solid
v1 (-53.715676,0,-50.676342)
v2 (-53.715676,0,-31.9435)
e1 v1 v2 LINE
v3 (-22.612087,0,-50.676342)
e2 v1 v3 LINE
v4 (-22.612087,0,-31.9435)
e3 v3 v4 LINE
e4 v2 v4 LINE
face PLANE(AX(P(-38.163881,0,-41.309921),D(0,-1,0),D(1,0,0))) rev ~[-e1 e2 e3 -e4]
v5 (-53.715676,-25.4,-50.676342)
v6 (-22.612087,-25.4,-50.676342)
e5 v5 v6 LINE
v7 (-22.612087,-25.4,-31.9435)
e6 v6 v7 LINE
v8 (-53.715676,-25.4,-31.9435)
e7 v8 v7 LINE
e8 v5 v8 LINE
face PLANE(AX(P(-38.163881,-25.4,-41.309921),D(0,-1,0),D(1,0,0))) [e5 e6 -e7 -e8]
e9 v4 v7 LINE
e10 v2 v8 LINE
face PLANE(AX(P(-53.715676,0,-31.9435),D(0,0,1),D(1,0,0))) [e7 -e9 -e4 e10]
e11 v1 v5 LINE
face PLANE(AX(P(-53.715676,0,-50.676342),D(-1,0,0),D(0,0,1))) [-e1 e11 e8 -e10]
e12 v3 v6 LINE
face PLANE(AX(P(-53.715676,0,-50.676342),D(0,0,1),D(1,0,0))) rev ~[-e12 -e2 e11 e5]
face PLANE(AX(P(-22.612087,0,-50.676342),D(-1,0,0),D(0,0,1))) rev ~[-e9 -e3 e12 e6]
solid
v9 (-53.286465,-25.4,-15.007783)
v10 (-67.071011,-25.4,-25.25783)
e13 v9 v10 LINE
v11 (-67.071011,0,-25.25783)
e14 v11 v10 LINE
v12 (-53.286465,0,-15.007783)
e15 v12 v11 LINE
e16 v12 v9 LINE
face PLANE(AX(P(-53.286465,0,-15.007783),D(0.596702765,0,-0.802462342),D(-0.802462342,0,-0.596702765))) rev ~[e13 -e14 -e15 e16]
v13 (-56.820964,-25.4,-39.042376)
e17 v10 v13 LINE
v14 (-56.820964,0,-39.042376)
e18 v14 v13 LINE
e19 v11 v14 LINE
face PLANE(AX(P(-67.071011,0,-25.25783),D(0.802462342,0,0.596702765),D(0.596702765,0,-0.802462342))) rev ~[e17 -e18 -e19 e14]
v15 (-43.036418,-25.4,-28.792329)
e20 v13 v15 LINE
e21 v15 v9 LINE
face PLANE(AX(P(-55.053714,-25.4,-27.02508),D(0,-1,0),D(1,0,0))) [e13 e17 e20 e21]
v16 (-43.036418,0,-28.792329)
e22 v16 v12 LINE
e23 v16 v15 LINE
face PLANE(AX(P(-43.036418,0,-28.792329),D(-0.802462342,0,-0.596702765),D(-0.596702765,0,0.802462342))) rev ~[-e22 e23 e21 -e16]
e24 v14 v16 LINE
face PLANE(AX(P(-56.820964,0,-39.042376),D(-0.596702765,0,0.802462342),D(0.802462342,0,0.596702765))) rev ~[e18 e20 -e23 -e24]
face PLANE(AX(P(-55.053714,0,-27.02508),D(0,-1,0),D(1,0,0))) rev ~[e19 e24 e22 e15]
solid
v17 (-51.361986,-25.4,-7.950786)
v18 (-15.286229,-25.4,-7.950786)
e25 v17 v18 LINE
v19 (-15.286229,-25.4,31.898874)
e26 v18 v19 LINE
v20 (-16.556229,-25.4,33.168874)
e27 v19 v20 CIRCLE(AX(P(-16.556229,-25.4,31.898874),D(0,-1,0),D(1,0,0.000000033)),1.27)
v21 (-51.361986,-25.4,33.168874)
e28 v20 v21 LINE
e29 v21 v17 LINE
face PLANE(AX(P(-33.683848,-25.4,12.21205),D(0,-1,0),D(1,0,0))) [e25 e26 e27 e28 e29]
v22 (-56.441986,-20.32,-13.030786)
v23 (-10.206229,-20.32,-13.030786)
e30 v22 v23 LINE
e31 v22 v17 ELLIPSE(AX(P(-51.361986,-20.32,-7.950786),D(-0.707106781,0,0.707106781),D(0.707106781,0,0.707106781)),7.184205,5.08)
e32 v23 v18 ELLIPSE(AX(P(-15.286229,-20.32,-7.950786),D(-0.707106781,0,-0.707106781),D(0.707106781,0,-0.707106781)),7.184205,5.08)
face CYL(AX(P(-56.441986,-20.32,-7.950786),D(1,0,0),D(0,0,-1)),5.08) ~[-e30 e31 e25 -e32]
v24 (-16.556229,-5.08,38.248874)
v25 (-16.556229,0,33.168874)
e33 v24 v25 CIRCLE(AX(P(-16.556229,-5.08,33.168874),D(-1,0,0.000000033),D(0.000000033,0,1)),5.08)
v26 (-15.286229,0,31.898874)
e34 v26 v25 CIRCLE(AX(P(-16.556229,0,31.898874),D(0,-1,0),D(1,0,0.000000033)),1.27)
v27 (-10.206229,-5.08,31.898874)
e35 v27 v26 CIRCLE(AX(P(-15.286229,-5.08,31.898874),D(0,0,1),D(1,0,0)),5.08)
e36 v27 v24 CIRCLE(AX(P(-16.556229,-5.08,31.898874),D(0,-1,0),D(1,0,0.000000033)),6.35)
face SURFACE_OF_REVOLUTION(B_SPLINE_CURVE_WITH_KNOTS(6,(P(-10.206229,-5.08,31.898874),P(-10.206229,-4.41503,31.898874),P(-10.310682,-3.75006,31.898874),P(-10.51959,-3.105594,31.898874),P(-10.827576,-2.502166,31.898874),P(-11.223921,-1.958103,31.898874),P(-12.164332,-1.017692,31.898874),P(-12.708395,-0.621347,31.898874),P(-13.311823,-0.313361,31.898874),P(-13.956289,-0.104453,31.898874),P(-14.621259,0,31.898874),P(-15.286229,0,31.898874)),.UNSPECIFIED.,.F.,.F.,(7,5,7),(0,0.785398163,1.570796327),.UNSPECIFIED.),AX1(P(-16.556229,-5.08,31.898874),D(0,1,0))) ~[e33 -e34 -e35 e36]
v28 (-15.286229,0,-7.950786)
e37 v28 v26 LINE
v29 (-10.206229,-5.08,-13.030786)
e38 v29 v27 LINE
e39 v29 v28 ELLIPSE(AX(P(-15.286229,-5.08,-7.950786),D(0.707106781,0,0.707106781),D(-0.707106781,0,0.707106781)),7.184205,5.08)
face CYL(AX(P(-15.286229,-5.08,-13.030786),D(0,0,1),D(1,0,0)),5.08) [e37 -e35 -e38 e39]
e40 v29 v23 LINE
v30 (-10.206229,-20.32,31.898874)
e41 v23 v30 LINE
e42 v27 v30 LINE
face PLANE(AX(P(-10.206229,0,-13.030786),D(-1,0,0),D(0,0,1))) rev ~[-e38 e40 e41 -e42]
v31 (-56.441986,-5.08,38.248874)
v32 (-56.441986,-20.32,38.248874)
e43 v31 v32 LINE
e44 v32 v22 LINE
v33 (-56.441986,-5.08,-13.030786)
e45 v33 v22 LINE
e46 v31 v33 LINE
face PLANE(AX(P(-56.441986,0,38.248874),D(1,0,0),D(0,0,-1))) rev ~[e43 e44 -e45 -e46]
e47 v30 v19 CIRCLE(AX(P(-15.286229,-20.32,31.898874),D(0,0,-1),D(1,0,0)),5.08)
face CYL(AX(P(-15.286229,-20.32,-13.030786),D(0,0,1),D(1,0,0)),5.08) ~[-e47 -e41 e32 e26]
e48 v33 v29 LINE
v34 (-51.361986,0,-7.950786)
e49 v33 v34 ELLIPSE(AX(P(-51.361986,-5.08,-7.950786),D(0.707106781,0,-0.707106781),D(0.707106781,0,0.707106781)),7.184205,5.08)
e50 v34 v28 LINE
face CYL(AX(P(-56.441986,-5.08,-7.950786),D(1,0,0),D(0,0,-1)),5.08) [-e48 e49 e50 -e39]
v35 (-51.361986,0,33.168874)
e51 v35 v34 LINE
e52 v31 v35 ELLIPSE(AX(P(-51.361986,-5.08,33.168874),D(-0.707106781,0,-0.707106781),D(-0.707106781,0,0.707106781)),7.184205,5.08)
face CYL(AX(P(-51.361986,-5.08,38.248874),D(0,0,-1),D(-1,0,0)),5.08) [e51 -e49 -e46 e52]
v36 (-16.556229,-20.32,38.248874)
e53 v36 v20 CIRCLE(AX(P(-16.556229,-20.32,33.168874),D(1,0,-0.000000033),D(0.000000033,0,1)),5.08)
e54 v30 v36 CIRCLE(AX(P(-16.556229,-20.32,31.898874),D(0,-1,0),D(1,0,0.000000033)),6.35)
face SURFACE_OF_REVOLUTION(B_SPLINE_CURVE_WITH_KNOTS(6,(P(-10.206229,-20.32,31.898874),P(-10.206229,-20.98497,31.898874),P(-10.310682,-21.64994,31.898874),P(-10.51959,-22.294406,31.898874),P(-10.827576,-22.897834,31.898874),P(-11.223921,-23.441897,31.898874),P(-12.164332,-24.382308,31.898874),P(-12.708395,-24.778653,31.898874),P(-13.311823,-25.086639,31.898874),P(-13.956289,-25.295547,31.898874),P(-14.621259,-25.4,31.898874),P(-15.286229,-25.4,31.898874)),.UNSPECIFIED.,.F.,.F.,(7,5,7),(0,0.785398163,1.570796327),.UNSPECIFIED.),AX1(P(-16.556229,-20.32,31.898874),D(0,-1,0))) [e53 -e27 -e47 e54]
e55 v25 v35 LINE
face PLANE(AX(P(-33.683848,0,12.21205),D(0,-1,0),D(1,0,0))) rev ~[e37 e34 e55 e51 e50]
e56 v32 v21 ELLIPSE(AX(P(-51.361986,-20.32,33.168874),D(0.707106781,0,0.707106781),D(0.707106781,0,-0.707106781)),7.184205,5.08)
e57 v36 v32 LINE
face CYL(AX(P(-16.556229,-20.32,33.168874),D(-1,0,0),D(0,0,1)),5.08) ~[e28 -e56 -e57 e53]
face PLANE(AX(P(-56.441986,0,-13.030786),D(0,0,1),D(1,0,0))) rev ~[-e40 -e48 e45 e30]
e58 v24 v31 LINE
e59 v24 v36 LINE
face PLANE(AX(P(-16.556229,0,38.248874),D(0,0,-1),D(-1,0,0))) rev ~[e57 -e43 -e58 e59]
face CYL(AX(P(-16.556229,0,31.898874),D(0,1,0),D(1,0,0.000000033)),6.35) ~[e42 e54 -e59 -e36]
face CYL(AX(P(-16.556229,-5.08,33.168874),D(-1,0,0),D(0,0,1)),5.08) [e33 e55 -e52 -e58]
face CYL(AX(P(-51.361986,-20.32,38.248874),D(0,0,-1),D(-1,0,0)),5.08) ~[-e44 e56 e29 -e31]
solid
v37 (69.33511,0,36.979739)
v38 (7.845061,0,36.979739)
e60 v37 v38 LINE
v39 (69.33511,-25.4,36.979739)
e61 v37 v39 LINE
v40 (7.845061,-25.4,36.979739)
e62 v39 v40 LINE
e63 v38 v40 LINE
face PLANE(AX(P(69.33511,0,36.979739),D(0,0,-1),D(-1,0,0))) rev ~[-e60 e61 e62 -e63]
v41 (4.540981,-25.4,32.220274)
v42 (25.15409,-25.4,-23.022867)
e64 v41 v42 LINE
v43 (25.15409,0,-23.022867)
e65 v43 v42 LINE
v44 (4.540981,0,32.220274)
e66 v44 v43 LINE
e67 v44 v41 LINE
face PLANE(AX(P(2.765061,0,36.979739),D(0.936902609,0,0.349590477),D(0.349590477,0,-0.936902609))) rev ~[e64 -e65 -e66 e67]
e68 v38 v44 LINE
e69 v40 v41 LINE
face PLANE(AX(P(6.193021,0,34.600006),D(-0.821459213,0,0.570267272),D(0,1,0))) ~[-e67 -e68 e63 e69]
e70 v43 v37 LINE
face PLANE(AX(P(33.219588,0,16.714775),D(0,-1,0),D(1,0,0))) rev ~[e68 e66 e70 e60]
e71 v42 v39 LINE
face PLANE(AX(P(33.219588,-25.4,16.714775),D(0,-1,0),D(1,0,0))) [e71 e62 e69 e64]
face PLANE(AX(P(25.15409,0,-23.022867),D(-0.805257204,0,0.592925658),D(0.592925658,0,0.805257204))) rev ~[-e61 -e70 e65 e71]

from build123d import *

# Parameters (mm, degrees)
F1_DEPTH = 25.4
F2_W     = 31.103589
F2_H     = 18.732842
F3_DEPTH = 25.4
F4_R     = 5.08
F5_SIZE  = 5.08


with BuildPart() as f1:
    # F0 (on Front) → F1 (new body)
    with BuildSketch(Plane.XZ):
        with BuildLine():
            Line((-56.441986, -13.030786), (-10.206229, -13.030786))
            Line((-10.206229, -13.030786), (-10.206229, 31.898874))
            ThreePointArc((-10.206229, 31.898874), (-12.066101, 36.389002), (-16.556229, 38.248874))
            Line((-16.556229, 38.248874), (-56.441986, 38.248874))
            Line((-56.441986, 38.248874), (-56.441986, -13.030786))
        make_face()
        Polygon((69.33511, 36.979739), (2.765061, 36.979739), (25.15409, -23.022867), align=None)
        Polygon((-56.820964, -39.042376), (-43.036418, -28.792329), (-53.286465, -15.007783), (-67.071011, -25.25783), align=None)
    extrude(amount=F1_DEPTH)

    # F4
    f4_edges = [f1.edges().sort_by_distance(p)[0] for p in [
        (-33.324108, -25.4, -13.030786),
        (-56.441986, -25.4, 12.609044),
        (-10.206229, -25.4, 9.434044),
        (-10.206229, 0, 9.434044),
        (-33.324108, 0, -13.030786),
        (-56.441986, 0, 12.609044),
    ]]
    fillet(f4_edges, radius=F4_R)

    # F5
    f5_edges = [f1.edges().sort_by_distance(p)[0] for p in [
        (2.765061, -12.7, 36.979739),
    ]]
    chamfer(f5_edges, length=F5_SIZE)


with BuildPart() as f3:
    # F2 (on Front) → F3 (new body)
    with BuildSketch(Plane.XZ):
        with Locations((-38.163881, -41.309921)):
            Rectangle(F2_W, F2_H)
    extrude(amount=F3_DEPTH)


solid = Compound([f1.part, f3.part])
